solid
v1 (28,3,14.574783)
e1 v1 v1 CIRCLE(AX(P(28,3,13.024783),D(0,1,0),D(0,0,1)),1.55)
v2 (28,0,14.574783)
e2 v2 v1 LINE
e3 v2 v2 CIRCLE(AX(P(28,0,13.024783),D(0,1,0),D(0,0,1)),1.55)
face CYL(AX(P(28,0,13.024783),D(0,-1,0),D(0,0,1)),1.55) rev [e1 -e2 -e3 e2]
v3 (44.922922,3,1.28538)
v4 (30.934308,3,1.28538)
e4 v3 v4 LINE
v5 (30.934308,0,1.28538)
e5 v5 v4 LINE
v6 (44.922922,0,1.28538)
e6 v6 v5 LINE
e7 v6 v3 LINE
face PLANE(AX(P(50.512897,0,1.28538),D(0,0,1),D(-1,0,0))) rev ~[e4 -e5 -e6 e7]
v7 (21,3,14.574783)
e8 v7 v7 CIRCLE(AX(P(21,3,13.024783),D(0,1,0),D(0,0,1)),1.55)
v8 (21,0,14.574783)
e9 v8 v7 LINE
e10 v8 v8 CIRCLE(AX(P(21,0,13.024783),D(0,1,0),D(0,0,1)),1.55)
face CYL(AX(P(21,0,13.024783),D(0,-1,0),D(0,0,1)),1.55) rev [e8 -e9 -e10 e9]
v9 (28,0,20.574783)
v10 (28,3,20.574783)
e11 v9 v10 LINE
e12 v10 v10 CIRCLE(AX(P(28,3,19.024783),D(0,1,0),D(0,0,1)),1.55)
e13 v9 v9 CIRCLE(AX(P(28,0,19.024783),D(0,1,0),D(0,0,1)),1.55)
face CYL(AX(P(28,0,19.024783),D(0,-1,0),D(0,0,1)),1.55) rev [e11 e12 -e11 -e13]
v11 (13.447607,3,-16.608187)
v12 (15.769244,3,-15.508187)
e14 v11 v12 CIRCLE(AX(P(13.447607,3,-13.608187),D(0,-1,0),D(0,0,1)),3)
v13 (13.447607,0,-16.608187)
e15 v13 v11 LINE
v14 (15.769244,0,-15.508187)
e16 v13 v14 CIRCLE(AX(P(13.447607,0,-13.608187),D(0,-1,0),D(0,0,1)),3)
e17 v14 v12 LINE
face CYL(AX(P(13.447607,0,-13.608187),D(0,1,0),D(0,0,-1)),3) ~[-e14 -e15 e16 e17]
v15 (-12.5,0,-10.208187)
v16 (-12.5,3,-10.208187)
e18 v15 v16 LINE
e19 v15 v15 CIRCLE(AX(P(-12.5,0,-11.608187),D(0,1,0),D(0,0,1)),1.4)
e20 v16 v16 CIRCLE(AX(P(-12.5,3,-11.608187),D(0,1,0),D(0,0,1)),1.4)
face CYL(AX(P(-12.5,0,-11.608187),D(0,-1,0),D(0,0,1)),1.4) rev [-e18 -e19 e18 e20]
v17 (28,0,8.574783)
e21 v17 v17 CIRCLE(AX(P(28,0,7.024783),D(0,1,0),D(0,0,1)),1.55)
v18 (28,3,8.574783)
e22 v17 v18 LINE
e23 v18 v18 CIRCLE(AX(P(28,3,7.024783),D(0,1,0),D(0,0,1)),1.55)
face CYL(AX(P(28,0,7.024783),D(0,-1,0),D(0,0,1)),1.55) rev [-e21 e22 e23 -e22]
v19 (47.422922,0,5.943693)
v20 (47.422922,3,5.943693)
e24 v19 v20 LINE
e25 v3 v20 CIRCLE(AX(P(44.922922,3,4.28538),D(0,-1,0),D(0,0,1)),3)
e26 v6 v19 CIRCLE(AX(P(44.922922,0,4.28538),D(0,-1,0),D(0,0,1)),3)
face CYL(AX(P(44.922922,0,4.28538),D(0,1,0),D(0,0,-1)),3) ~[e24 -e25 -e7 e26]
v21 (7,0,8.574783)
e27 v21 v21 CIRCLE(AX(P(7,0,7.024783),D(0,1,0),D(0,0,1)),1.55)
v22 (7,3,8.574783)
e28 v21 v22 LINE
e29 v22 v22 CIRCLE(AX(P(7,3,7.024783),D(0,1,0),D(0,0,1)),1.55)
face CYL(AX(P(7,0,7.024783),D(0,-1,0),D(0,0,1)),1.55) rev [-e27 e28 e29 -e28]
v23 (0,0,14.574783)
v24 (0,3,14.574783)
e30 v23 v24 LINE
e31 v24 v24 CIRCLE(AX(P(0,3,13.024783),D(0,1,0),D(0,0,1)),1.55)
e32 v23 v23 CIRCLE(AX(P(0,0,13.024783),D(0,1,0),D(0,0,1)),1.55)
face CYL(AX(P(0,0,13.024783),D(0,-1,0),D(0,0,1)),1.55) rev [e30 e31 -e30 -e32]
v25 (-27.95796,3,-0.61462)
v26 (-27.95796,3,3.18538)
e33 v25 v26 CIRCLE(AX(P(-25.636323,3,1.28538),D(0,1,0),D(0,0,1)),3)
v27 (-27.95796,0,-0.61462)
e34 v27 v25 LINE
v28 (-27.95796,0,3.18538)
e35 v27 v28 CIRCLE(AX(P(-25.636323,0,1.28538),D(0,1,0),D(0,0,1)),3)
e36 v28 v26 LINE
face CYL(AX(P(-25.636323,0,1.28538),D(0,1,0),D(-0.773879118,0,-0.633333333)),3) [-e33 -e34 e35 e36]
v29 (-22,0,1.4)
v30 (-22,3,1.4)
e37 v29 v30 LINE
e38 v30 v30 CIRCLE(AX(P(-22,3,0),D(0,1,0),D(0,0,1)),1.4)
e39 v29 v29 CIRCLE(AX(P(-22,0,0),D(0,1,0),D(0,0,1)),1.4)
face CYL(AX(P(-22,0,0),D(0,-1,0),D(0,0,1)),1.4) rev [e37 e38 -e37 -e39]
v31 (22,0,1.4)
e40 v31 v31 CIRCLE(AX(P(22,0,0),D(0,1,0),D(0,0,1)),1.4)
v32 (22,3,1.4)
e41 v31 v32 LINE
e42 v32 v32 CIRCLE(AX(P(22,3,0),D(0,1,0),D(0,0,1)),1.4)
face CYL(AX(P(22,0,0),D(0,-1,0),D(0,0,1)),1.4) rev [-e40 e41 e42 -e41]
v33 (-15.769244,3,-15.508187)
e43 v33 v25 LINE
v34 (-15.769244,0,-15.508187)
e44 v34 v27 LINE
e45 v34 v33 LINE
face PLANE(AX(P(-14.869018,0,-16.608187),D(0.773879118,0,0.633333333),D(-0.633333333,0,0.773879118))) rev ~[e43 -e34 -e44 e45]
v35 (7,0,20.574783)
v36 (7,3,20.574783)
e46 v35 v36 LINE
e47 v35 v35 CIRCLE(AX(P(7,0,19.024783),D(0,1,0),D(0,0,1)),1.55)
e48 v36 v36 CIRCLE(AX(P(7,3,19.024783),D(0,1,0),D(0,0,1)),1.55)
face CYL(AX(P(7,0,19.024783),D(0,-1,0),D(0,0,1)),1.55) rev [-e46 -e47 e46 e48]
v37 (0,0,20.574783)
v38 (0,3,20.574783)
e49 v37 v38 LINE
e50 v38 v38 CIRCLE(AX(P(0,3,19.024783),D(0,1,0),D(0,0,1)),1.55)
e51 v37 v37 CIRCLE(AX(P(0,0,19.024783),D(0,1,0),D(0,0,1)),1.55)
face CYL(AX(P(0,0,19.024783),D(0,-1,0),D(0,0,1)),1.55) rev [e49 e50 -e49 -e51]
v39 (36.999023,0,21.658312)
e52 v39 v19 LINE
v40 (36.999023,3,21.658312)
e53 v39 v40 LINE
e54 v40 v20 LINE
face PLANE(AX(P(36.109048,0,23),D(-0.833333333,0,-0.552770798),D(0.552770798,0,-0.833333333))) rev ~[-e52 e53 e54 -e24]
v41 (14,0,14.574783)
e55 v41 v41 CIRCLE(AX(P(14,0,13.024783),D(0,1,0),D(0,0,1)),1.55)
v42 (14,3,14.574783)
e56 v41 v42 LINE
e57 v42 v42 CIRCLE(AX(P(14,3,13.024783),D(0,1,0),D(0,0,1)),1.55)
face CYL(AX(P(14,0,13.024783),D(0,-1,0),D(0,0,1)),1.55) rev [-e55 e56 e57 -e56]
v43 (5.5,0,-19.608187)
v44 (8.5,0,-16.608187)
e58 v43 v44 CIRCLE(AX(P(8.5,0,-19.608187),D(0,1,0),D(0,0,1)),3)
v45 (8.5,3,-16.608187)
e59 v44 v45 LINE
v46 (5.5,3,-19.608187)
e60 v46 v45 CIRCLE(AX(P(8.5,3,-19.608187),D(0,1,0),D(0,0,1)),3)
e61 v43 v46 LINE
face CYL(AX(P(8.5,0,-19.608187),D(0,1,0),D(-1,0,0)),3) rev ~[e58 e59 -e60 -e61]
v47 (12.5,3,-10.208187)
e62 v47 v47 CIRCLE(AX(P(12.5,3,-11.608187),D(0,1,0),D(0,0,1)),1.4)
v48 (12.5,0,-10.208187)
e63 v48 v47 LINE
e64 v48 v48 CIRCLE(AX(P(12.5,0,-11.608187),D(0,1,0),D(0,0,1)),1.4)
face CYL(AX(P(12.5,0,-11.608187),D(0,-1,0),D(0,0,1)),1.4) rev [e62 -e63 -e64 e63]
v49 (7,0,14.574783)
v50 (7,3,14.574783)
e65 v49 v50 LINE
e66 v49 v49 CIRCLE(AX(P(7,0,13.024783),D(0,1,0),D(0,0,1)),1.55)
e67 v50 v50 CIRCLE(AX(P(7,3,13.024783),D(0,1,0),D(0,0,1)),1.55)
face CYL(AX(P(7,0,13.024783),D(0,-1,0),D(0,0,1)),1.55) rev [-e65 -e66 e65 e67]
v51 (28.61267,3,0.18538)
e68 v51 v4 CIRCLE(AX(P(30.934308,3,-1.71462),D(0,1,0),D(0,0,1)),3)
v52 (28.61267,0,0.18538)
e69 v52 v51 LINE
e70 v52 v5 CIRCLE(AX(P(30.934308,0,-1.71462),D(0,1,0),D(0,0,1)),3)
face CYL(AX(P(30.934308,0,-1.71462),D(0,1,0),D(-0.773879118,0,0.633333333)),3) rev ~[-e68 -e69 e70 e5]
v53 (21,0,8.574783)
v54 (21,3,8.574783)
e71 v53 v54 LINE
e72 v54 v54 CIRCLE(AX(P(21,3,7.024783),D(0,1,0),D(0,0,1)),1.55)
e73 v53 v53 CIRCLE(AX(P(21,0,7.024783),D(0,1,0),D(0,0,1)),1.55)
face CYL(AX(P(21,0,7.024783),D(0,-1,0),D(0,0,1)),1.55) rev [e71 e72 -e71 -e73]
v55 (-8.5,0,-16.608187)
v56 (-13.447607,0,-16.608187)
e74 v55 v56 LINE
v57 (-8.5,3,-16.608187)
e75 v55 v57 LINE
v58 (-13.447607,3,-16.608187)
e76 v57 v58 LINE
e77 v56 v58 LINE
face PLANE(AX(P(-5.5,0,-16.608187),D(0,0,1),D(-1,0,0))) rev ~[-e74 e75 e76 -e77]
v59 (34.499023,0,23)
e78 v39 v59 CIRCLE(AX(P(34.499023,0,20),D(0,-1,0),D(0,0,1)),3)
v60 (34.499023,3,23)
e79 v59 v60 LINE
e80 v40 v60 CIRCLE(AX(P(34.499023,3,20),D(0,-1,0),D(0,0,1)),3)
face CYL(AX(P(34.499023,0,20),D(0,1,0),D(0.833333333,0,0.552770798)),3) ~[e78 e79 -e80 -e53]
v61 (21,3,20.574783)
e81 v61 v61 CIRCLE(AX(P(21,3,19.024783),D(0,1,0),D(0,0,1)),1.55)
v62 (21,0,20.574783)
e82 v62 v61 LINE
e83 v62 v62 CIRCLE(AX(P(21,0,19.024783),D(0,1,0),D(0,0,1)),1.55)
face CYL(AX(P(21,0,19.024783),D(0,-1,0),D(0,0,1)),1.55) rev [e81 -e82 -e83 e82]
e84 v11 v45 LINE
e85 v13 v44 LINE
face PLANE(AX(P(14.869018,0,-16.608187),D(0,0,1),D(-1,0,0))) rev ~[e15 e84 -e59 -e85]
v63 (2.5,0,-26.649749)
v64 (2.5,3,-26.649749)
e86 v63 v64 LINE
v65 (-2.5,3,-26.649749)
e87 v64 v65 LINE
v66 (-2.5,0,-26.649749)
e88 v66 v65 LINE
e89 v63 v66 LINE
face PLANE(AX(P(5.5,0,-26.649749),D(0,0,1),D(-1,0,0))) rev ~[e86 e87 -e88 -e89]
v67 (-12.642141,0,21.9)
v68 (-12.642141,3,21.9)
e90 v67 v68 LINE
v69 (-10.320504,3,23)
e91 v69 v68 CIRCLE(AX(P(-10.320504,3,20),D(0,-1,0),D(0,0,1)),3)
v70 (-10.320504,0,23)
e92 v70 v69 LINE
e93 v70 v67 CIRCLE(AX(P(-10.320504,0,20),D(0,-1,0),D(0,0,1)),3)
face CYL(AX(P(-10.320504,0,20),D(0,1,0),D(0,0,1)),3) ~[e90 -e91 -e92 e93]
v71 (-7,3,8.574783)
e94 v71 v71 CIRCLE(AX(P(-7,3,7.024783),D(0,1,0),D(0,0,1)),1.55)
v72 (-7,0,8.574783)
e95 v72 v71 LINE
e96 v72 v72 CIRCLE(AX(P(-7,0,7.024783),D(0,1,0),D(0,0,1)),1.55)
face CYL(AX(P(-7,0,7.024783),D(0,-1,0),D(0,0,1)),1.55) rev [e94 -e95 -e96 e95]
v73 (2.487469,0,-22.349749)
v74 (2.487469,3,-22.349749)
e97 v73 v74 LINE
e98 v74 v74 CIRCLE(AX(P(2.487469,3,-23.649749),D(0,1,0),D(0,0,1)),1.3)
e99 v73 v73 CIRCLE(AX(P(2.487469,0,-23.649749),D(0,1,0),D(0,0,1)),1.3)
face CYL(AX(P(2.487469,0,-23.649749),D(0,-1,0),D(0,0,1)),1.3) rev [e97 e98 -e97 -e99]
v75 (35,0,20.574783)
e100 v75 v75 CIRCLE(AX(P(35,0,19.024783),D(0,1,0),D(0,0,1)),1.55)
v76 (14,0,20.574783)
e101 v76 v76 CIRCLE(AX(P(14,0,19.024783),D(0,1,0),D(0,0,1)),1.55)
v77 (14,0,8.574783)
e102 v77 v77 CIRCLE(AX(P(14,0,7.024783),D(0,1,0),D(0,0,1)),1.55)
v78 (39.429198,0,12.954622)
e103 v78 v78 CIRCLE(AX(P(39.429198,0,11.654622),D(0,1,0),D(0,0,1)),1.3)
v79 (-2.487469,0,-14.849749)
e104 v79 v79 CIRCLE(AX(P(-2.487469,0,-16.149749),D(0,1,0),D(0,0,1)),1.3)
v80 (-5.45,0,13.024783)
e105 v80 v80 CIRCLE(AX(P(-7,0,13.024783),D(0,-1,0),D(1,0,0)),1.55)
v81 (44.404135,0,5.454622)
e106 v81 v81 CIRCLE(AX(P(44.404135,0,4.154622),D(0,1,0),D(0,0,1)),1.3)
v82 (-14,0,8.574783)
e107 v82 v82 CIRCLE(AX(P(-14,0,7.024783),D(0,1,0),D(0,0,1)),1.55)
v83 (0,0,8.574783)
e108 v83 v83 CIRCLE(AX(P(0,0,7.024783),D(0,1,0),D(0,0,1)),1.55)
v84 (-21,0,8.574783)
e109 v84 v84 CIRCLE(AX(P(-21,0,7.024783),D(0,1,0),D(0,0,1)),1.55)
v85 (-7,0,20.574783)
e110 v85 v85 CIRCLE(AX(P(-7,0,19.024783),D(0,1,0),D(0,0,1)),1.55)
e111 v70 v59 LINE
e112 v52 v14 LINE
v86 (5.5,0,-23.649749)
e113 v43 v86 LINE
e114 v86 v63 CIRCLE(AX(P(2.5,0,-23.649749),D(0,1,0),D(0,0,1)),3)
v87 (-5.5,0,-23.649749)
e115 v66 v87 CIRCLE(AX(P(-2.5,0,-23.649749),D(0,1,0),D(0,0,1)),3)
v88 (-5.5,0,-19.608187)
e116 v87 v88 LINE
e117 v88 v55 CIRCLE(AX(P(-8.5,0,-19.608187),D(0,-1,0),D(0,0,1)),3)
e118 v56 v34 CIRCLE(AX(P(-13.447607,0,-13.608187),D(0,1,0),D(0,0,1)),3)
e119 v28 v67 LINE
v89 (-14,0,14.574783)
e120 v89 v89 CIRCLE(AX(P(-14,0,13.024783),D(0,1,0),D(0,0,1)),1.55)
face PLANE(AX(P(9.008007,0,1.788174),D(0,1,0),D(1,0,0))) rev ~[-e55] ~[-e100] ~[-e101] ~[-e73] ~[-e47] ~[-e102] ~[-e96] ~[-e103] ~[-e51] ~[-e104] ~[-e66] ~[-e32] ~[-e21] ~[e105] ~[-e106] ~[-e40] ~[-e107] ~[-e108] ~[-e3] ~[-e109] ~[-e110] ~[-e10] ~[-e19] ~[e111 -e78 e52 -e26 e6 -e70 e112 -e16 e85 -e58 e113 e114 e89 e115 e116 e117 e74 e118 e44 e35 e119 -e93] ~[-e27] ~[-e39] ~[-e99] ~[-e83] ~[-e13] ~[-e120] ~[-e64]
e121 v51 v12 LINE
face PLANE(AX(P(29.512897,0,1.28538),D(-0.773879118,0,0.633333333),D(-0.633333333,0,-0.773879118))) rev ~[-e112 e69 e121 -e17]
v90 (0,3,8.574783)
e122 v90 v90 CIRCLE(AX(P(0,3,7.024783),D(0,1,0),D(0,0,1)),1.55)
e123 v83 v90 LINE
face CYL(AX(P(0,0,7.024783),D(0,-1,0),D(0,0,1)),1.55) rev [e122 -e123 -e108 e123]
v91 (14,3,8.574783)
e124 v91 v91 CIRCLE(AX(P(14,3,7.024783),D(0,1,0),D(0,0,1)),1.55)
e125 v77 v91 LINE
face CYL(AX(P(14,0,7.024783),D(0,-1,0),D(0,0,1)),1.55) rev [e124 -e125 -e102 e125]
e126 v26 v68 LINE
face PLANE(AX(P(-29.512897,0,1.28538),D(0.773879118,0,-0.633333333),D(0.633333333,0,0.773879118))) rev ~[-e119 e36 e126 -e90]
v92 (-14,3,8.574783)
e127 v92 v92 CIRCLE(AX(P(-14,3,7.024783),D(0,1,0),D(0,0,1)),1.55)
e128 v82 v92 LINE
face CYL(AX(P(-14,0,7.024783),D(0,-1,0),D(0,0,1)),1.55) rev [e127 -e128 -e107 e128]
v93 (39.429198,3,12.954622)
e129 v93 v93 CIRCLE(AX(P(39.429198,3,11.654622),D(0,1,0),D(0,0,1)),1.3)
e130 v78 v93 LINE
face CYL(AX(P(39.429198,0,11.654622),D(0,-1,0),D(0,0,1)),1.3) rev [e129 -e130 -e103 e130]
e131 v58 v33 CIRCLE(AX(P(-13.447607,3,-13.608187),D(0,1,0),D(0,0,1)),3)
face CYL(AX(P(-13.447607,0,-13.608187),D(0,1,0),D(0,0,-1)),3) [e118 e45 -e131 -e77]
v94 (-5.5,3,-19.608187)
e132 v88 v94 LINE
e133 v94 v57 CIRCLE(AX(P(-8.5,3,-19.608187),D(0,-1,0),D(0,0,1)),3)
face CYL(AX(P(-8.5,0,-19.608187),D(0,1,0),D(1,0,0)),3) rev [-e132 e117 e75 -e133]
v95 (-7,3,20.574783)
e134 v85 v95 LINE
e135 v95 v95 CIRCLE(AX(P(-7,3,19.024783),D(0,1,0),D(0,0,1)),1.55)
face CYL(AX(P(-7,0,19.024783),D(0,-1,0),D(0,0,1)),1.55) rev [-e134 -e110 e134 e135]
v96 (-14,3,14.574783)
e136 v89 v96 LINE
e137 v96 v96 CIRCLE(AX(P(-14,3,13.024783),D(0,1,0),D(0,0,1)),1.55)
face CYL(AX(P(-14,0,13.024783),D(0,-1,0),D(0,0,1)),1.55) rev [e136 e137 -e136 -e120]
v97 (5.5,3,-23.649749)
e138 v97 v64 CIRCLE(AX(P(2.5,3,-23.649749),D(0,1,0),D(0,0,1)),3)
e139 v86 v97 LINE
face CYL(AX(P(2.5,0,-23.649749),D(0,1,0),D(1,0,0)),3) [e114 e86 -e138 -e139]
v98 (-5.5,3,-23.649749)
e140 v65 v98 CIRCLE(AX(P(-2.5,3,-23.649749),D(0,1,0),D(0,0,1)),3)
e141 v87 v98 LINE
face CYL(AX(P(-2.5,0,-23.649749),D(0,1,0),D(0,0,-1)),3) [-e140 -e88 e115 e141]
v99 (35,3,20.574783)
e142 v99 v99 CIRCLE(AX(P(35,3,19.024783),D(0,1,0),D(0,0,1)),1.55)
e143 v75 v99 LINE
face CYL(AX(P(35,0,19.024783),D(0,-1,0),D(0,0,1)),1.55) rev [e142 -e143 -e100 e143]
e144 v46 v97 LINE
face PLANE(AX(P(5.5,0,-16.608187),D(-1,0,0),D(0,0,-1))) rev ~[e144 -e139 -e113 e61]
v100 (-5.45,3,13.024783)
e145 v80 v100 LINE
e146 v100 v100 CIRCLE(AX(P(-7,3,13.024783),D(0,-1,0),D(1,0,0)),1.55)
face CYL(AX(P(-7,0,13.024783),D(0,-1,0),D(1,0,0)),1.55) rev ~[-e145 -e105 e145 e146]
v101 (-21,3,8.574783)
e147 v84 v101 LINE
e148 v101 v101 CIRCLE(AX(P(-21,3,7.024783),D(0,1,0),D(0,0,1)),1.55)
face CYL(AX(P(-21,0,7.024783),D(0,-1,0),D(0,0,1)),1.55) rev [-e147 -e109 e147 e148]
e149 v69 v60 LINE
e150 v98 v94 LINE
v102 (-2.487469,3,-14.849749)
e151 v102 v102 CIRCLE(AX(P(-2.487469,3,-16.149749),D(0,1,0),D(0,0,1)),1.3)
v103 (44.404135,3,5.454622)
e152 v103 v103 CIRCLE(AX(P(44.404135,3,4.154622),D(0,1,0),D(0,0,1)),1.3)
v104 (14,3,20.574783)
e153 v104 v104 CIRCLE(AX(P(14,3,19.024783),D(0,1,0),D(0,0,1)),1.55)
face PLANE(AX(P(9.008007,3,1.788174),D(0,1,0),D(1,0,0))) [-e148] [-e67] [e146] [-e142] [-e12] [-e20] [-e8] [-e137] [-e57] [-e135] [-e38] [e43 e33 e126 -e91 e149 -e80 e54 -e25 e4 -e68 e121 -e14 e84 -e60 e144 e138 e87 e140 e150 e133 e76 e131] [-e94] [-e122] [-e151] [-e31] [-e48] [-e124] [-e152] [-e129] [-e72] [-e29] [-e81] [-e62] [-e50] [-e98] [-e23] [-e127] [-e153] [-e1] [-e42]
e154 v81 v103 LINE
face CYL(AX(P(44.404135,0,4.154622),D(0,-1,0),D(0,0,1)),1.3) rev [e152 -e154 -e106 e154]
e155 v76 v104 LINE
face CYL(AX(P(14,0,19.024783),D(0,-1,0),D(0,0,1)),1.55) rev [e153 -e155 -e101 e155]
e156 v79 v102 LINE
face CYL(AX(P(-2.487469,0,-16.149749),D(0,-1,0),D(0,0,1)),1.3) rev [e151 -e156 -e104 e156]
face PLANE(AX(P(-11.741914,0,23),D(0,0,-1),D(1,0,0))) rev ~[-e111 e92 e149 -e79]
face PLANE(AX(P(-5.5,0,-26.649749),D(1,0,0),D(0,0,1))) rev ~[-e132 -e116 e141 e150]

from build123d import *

# Parameters (mm, degrees)
SKETCH_1_R      = 1.55
SKETCH_1_R_2    = 1.4
SKETCH_1_R_3    = 1.3
EXTRUDE_1_DEPTH = 3
FILLET_6_R      = 3
FILLET_7_R      = 3


with BuildPart() as part:
    # 草图1 → 凸台-拉伸1 (new body)
    with BuildSketch(Plane(origin=(0, 0, 0), x_dir=(1, 0, 0), z_dir=(0, 1, 0))):
        Polygon((5.5, 26.649748742), (-5.5, 26.649748742), (-5.5, 16.608186766), (-14.869017707, 16.608186766), (-29.51289706, -1.285380235), (-11.741914225, -23), (36.109047815, -23), (50.51289706, -1.285380235), (31.937783614, -1.285380235), (29.51289706, -1.285380235), (14.869017707, 16.608186766), (5.5, 16.608186766), align=None)
        with Locations(Location((0, -19.02478316, 0), (0, 0, 270))):
            Circle(SKETCH_1_R, mode=Mode.SUBTRACT)
        with Locations(Location((7, -19.02478316, 0), (0, 0, 270))):
            Circle(SKETCH_1_R, mode=Mode.SUBTRACT)
        with Locations(Location((14, -19.02478316, 0), (0, 0, 270))):
            Circle(SKETCH_1_R, mode=Mode.SUBTRACT)
        with Locations(Location((21, -19.02478316, 0), (0, 0, 270))):
            Circle(SKETCH_1_R, mode=Mode.SUBTRACT)
        with Locations(Location((28, -19.02478316, 0), (0, 0, 270))):
            Circle(SKETCH_1_R, mode=Mode.SUBTRACT)
        with Locations(Location((35, -19.02478316, 0), (0, 0, 270))):
            Circle(SKETCH_1_R, mode=Mode.SUBTRACT)
        with Locations(Location((-7, -19.02478316, 0), (0, 0, 270))):
            Circle(SKETCH_1_R, mode=Mode.SUBTRACT)
        with Locations(Location((-14, -13.02478316, 0), (0, 0, 270))):
            Circle(SKETCH_1_R, mode=Mode.SUBTRACT)
        with BuildLine():
            ThreePointArc((-8.55, -13.02478316), (-7, -11.47478316), (-5.45, -13.02478316))
            ThreePointArc((-5.45, -13.02478316), (-7, -14.57478316), (-8.55, -13.02478316))
        make_face(mode=Mode.SUBTRACT)
        with Locations(Location((0, -13.02478316, 0), (0, 0, 270))):
            Circle(SKETCH_1_R, mode=Mode.SUBTRACT)
        with Locations(Location((7, -13.02478316, 0), (0, 0, 270))):
            Circle(SKETCH_1_R, mode=Mode.SUBTRACT)
        with Locations(Location((-21, -7.02478316, 0), (0, 0, 270))):
            Circle(SKETCH_1_R, mode=Mode.SUBTRACT)
        with Locations(Location((-14, -7.02478316, 0), (0, 0, 270))):
            Circle(SKETCH_1_R, mode=Mode.SUBTRACT)
        with Locations(Location((-7, -7.02478316, 0), (0, 0, 270))):
            Circle(SKETCH_1_R, mode=Mode.SUBTRACT)
        with Locations(Location((-22, 0, 0), (0, 0, 270))):
            Circle(SKETCH_1_R_2, mode=Mode.SUBTRACT)
        with Locations(Location((0, -7.02478316, 0), (0, 0, 270))):
            Circle(SKETCH_1_R, mode=Mode.SUBTRACT)
        with Locations(Location((7, -7.02478316, 0), (0, 0, 270))):
            Circle(SKETCH_1_R, mode=Mode.SUBTRACT)
        with Locations(Location((14, -13.02478316, 0), (0, 0, 270))):
            Circle(SKETCH_1_R, mode=Mode.SUBTRACT)
        with Locations(Location((21, -13.02478316, 0), (0, 0, 270))):
            Circle(SKETCH_1_R, mode=Mode.SUBTRACT)
        with Locations(Location((28, -13.02478316, 0), (0, 0, 270))):
            Circle(SKETCH_1_R, mode=Mode.SUBTRACT)
        with Locations(Location((39.429198074, -11.654622417, 0), (0, 0, 270))):
            Circle(SKETCH_1_R_3, mode=Mode.SUBTRACT)
        with Locations(Location((14, -7.02478316, 0), (0, 0, 270))):
            Circle(SKETCH_1_R, mode=Mode.SUBTRACT)
        with Locations(Location((21, -7.02478316, 0), (0, 0, 270))):
            Circle(SKETCH_1_R, mode=Mode.SUBTRACT)
        with Locations(Location((28, -7.02478316, 0), (0, 0, 270))):
            Circle(SKETCH_1_R, mode=Mode.SUBTRACT)
        with Locations(Location((22, 0, 0), (0, 0, 270))):
            Circle(SKETCH_1_R_2, mode=Mode.SUBTRACT)
        with Locations(Location((44.404135259, -4.154622417, 0), (0, 0, 270))):
            Circle(SKETCH_1_R_3, mode=Mode.SUBTRACT)
        with Locations(Location((-12.5, 11.608186766, 0), (0, 0, 270))):
            Circle(SKETCH_1_R_2, mode=Mode.SUBTRACT)
        with Locations(Location((-2.487468593, 16.149748742, 0), (0, 0, 270))):
            Circle(SKETCH_1_R_3, mode=Mode.SUBTRACT)
        with Locations(Location((2.487468593, 23.649748742, 0), (0, 0, 270))):
            Circle(SKETCH_1_R_3, mode=Mode.SUBTRACT)
        with Locations(Location((12.5, 11.608186766, 0), (0, 0, 270))):
            Circle(SKETCH_1_R_2, mode=Mode.SUBTRACT)
    extrude(amount=EXTRUDE_1_DEPTH)

    # 圆角6
    fillet_6_edges = [part.edges().sort_by_distance(p)[0] for p in [
        (-5.5, 1.5, -16.608186766),
        (5.5, 1.5, -16.608186766),
    ]]
    fillet(fillet_6_edges, radius=FILLET_6_R)

    # 圆角7
    fillet_7_edges = [part.edges().sort_by_distance(p)[0] for p in [
        (14.869017707, 1.5, -16.608186766),
        (29.51289706, 1.5, 1.285380235),
        (50.51289706, 1.5, 1.285380235),
        (36.109047815, 1.5, 23),
        (-11.741914225, 1.5, 23),
        (-29.51289706, 1.5, 1.285380235),
        (-14.869017707, 1.5, -16.608186766),
        (-5.5, 1.5, -26.649748742),
        (5.5, 1.5, -26.649748742),
    ]]
    fillet(fillet_7_edges, radius=FILLET_7_R)


solid = part.part
